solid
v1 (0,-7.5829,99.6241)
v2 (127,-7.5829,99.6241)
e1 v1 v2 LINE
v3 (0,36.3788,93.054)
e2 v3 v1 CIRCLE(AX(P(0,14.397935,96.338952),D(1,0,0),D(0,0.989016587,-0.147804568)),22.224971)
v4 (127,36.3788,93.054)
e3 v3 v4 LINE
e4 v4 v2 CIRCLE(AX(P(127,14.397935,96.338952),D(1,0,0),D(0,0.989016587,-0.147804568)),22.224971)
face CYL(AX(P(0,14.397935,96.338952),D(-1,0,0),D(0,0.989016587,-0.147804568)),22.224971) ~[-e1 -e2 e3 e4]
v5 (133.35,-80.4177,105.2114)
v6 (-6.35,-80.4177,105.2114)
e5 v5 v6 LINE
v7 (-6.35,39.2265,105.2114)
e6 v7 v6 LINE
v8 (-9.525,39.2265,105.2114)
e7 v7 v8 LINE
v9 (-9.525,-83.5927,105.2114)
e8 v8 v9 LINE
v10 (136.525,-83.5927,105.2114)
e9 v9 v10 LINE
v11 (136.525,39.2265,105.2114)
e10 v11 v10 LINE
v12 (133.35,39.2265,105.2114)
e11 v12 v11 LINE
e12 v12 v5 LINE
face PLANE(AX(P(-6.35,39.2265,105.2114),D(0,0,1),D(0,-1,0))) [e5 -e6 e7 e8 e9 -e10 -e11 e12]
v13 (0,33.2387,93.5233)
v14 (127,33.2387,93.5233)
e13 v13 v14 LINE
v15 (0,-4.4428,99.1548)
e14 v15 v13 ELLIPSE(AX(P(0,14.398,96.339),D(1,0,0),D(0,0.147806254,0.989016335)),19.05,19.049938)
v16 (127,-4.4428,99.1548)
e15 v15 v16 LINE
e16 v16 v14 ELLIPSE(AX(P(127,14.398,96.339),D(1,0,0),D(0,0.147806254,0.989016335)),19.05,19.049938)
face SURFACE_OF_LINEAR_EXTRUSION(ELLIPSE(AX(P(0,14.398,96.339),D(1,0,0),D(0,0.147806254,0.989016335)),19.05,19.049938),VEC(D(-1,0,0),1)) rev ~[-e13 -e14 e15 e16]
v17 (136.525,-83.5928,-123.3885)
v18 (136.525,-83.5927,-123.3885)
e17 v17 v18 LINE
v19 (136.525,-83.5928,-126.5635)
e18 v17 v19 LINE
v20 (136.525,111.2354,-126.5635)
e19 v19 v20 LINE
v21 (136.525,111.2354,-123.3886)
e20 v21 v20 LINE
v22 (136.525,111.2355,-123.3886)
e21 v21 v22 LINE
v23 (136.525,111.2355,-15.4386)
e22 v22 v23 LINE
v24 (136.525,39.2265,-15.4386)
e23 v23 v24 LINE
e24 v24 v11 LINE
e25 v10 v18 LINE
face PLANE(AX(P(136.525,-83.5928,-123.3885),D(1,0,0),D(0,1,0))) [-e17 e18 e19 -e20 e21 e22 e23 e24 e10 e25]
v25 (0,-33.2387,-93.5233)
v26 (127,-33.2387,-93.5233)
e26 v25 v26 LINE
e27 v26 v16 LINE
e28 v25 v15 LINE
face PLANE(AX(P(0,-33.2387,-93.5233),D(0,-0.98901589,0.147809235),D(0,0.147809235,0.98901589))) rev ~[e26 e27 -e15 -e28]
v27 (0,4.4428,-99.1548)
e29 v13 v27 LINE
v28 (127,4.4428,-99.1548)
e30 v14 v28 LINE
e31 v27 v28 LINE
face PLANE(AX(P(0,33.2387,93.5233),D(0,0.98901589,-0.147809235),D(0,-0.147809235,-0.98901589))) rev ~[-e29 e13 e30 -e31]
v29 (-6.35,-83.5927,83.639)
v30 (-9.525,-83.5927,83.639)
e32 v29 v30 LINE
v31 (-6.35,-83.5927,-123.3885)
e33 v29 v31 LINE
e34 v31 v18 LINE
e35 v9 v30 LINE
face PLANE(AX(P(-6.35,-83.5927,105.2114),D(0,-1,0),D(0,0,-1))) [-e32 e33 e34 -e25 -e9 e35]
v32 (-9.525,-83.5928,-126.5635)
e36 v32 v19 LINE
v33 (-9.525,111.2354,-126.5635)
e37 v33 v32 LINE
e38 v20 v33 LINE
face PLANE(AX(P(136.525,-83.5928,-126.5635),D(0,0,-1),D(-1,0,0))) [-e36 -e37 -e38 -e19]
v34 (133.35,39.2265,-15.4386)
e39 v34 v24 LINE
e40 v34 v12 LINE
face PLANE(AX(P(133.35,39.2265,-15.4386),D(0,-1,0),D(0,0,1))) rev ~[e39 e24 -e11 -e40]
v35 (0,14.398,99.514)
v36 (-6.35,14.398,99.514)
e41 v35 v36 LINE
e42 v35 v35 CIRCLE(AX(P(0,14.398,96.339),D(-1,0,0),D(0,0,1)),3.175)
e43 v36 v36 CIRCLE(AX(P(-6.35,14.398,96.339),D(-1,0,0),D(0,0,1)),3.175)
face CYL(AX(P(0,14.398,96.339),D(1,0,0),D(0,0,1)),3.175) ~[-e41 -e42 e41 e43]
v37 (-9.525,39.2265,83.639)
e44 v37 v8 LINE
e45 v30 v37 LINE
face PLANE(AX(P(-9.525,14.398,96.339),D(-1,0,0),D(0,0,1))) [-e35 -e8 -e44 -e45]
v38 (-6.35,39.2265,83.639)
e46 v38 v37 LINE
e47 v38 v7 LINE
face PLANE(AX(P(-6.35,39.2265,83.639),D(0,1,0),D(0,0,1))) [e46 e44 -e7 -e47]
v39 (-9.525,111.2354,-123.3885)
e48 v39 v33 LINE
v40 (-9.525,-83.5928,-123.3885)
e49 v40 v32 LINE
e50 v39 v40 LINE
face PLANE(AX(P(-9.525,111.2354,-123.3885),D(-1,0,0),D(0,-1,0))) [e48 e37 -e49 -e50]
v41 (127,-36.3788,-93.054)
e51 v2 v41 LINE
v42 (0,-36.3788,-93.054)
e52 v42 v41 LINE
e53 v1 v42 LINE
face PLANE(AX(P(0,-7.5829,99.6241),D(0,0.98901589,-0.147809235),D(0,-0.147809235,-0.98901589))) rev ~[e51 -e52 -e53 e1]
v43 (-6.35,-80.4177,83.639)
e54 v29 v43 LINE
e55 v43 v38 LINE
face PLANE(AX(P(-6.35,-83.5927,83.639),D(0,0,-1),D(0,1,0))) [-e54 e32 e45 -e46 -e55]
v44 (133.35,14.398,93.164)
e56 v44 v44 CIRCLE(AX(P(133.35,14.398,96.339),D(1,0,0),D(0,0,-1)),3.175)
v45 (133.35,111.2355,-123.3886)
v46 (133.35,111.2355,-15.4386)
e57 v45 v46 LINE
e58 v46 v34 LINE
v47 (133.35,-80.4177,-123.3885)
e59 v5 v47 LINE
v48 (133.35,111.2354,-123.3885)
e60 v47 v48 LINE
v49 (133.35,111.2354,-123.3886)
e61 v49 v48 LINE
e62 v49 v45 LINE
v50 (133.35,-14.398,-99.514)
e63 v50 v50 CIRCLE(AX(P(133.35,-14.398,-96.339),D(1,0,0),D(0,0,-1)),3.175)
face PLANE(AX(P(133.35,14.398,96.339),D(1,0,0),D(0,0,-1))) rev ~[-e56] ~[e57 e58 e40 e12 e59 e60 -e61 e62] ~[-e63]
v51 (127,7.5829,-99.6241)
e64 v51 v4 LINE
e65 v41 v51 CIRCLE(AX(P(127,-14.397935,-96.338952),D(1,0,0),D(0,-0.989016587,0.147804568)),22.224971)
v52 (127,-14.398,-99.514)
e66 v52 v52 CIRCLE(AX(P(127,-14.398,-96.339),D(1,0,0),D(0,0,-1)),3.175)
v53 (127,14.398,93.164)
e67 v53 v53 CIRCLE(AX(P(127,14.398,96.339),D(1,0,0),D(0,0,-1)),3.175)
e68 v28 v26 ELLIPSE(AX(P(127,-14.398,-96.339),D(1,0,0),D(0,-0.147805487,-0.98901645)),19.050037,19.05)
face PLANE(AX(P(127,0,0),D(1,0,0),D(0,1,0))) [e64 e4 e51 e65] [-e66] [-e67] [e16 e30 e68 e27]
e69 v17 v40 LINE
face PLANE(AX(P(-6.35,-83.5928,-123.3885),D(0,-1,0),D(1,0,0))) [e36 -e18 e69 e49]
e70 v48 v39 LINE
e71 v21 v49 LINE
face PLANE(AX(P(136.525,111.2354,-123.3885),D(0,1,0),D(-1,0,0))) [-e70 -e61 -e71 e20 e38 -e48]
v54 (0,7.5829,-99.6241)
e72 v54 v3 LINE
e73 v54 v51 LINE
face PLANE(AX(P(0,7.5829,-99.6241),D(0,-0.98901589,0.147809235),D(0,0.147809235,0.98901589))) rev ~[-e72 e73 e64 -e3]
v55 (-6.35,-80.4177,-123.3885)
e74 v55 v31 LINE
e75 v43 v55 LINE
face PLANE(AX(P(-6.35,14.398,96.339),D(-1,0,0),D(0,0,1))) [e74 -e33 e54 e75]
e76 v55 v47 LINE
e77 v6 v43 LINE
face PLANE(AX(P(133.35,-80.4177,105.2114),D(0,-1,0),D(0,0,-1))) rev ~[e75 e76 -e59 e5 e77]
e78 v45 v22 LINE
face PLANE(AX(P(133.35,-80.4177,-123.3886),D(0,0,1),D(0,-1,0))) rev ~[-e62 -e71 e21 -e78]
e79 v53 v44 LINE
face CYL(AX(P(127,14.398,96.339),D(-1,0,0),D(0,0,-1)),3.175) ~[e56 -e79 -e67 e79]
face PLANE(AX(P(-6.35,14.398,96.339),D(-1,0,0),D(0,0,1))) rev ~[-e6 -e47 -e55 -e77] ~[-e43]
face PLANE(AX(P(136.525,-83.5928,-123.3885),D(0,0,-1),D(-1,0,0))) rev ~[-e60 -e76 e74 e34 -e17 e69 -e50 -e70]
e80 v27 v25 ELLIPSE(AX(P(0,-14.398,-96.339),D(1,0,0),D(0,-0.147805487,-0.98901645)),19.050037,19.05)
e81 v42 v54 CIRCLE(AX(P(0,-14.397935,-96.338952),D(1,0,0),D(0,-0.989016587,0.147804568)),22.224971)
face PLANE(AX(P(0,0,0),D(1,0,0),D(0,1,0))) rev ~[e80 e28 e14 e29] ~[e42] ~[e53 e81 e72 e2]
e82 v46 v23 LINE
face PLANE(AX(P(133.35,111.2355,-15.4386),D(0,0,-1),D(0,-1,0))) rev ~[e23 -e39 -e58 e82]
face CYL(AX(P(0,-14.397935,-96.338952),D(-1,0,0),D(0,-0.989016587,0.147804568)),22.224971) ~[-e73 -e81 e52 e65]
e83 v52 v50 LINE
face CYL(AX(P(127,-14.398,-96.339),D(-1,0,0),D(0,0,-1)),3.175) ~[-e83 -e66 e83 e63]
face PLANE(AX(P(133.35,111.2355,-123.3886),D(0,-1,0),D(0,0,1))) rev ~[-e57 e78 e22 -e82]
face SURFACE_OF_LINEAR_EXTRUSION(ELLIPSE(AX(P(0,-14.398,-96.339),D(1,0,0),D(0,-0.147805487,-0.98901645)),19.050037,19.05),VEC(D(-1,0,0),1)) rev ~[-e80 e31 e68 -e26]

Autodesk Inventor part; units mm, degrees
ref_plane "YZ Plane" through (0, 0, 0) normal (1, 0, 0) x (0, 1, 0)
ref_plane "XZ Plane" through (0, 0, 0) normal (0, 1, 0) x (-1, 0, 0)
ref_plane "XY Plane" through (0, 0, 0) normal (0, 0, 1) x (1, 0, 0)
sketch "Sketch3" plane through (0, 0, 0) normal (1, 0, 0) x (0, 1, 0)
  line L0 (0, 0) -> (232.918, 0) construction
  line L1 (0, 0) -> (208.28, 0) construction
  line L2 (0, 0) -> (194.818, 0) construction
  line L3 (0, 0) -> (156.718, 0) construction
  line L4 (14.398, 96.339) -> (-14.398, -96.339) construction
  line L5 (-7.5829, 99.6241) -> (-36.3788, -93.054)
  line L6 (7.5829, -99.6241) -> (36.3788, 93.054)
  arc A0 (36.3788, 93.054) -> (-7.5829, 99.6241) centre (14.398, 96.339) ccw
  arc A1 (-36.3788, -93.054) -> (7.5829, -99.6241) centre (-14.398, -96.339) ccw
  line L7 (0, 0) -> (194.818, 0) construction
  line L8 (33.2387, 93.5233) -> (4.4428, -99.1548)
  arc A2 (-33.2387, -93.5233) -> (4.4428, -99.1548) centre (-14.398, -96.339) ccw
  line L9 (-33.2387, -93.5233) -> (-4.4428, 99.1548)
  arc A3 (33.2387, 93.5233) -> (-4.4428, 99.1548) centre (14.398, 96.339) ccw
  ellipse E0 centre (-14.398, -96.339) end of major axis (-17.2137, -115.1798) minor radius 19.05
  ellipse E1 centre (14.398, 96.339) end of major axis (33.2387, 93.5233) minor radius 19.05
  dimension "d23" = 97.409
  dimension "d24" = 98.5
  dimension "d25" = 44.45
  dimension "d26" = 3.175
extrude "Extrusion3" add sketch "Sketch3" along normal blind 127 contours A0 L6 A1 L5 | E1 A3 | A2 E0
sketch "Sketch4" plane through (127, 0, 0) normal (1, 0, 0) x (0, 0, -1)
  arc A0 (-99.1548, -4.4428) -> (-93.5233, 33.2387) centre (-96.339, 14.398) ccw projected
  circle A1 centre (-96.339, 14.398) radius 3.175
  line L0 (-96.339, 14.398) -> (96.339, -14.398) construction
  line L1 (-96.339, 14.398) -> (98.479, 14.398) construction
  circle A2 centre (96.339, -14.398) radius 3.175
  point P0 (0, 0)
  dimension "d27" = 6.35
  dimension "d28" = 194.818
  dimension "d29" = 8.5
  dimension "d30" = 6.35
extrude "Extrusion4" add sketch "Sketch4" along normal blind 6.35
sketch "Sketch5" plane through (133.35, 14.398, 96.339) normal (1, 0, 0) x (0, 0, -1)
  line L0 (219.7276, -97.9907) -> (219.7276, 96.8375)
  line L1 (219.7276, 96.8375) -> (-8.8724, 96.8375)
  line L2 (-8.8724, 96.8375) -> (-8.8724, -97.9907)
  line L3 (-8.8724, -97.9907) -> (219.7276, -97.9907)
  line L4 (219.7276, -97.9907) -> (414.5558, -97.9907) construction
  line L5 (-8.8724, 96.8375) -> (111.7776, 96.8375)
  line L6 (111.7776, 96.8375) -> (111.7776, 24.8285)
  line L7 (111.7776, 24.8285) -> (-8.8724, 24.8285)
  line L8 (-8.8724, 24.8285) -> (-8.8724, 96.8375)
  point P0 (96.339, -14.398)
  dimension "d33" = 90
  dimension "d34" = 228.6
  dimension "d50" = 120.65
  dimension "d51" = 72.009
extrude "Extrusion5" add sketch "Sketch5" along normal blind 3.175 contours L3 L2 L7 L6 L1 L0
sketch "Sketch6" plane through (133.35, 14.398, 96.339) normal (-1, 0, 0) x (0, 0, 1)
  line L0 (8.8724, -97.9907) -> (-219.7276, -97.9907) projected
  line L1 (-219.7276, -97.9907) -> (8.8724, -97.9907)
  line L2 (8.8724, -97.9907) -> (8.8724, -94.8157)
  line L3 (8.8724, -94.8157) -> (-219.7276, -94.8157)
  line L4 (-219.7276, -94.8157) -> (-219.7276, -97.9907)
  point P0 (-96.339, -14.398)
  dimension "d37" = 3.175
extrude "Extrusion6" add sketch "Sketch6" along normal blind 139.7
sketch "Sketch7" plane through (0, 0, 0) normal (-1, 0, 0) x (0, 0, 1)
  circle A0 centre (96.339, 14.398) radius 3.175 projected
  circle A1 centre (96.339, 14.398) radius 3.175
  point P0 (0, 0)
  dimension "d40" = 6.35
extrude "Extrusion7" add sketch "Sketch7" along normal blind 6.35
sketch "Sketch8" plane through (-6.35, 14.398, 96.339) normal (-1, 0, 0) x (0, 0, 1)
  arc A0 (3.2851, -21.9809) -> (-3.2851, 21.9809) centre (0, 0) ccw construction
  line L0 (0, 0) -> (0, 25.4) construction
  line L1 (0, 25.4) -> (12.7, 25.4) construction
  line L2 (12.7, 25.4) -> (-12.7, 25.4) construction
  line L3 (-12.7, 25.4) -> (-12.7, -97.9907) construction
  line L4 (-12.7, -97.9907) -> (12.7, -97.9907) construction
  line L5 (12.7, -97.9907) -> (12.7, 25.4) construction
  line L6 (8.8724, 24.8285) -> (8.8724, -94.8157) projected
  line L7 (8.8724, 25.4) -> (8.8724, -97.9907)
  line L8 (8.8724, -97.9907) -> (-12.7, -97.9907)
  line L9 (-12.7, -97.9907) -> (-12.7, 25.4)
  line L10 (-111.7776, 24.8285) -> (8.8724, 24.8285) projected
  line L11 (-12.7, 24.8285) -> (8.8724, 24.8285)
  line L12 (-12.7, 24.8285) -> (8.8724, 24.8285) construction
  point P0 (-96.339, -14.398)
  point P1 (8.8724, 96.8375)
  point P2 (8.8724, -94.8157)
  dimension "d43" = 25.4
  dimension "d44" = 12.7
  dimension "d45" = 25.4
  dimension "d52" = 0
extrude "Extrusion8" add sketch "Sketch8" along normal blind 3.175
sketch "Sketch9" plane through (136.525, -83.5928, -123.3885) normal (0, 0, -1) x (-1, 0, 0)
  point P0 (136.525, 83.5928)
sketch "Sketch10" plane through (136.525, -83.5928, -123.3885) normal (0, 0, -1) x (-1, 0, 0)
  line L0 (142.875, 0) -> (146.05, 0) projected
  line L1 (142.875, 0) -> (0, 0) projected
  line L2 (146.05, 0) -> (0, 0)
  line L3 (0, 0) -> (0, 194.8282)
  line L4 (0, 194.8282) -> (146.05, 194.8282)
  line L5 (146.05, 194.8282) -> (146.05, 0)
  point P0 (136.525, 83.5928)
extrude "Extrusion9" add sketch "Sketch10" along normal blind 3.175
properties part number "ShootingMech_Housing5"
